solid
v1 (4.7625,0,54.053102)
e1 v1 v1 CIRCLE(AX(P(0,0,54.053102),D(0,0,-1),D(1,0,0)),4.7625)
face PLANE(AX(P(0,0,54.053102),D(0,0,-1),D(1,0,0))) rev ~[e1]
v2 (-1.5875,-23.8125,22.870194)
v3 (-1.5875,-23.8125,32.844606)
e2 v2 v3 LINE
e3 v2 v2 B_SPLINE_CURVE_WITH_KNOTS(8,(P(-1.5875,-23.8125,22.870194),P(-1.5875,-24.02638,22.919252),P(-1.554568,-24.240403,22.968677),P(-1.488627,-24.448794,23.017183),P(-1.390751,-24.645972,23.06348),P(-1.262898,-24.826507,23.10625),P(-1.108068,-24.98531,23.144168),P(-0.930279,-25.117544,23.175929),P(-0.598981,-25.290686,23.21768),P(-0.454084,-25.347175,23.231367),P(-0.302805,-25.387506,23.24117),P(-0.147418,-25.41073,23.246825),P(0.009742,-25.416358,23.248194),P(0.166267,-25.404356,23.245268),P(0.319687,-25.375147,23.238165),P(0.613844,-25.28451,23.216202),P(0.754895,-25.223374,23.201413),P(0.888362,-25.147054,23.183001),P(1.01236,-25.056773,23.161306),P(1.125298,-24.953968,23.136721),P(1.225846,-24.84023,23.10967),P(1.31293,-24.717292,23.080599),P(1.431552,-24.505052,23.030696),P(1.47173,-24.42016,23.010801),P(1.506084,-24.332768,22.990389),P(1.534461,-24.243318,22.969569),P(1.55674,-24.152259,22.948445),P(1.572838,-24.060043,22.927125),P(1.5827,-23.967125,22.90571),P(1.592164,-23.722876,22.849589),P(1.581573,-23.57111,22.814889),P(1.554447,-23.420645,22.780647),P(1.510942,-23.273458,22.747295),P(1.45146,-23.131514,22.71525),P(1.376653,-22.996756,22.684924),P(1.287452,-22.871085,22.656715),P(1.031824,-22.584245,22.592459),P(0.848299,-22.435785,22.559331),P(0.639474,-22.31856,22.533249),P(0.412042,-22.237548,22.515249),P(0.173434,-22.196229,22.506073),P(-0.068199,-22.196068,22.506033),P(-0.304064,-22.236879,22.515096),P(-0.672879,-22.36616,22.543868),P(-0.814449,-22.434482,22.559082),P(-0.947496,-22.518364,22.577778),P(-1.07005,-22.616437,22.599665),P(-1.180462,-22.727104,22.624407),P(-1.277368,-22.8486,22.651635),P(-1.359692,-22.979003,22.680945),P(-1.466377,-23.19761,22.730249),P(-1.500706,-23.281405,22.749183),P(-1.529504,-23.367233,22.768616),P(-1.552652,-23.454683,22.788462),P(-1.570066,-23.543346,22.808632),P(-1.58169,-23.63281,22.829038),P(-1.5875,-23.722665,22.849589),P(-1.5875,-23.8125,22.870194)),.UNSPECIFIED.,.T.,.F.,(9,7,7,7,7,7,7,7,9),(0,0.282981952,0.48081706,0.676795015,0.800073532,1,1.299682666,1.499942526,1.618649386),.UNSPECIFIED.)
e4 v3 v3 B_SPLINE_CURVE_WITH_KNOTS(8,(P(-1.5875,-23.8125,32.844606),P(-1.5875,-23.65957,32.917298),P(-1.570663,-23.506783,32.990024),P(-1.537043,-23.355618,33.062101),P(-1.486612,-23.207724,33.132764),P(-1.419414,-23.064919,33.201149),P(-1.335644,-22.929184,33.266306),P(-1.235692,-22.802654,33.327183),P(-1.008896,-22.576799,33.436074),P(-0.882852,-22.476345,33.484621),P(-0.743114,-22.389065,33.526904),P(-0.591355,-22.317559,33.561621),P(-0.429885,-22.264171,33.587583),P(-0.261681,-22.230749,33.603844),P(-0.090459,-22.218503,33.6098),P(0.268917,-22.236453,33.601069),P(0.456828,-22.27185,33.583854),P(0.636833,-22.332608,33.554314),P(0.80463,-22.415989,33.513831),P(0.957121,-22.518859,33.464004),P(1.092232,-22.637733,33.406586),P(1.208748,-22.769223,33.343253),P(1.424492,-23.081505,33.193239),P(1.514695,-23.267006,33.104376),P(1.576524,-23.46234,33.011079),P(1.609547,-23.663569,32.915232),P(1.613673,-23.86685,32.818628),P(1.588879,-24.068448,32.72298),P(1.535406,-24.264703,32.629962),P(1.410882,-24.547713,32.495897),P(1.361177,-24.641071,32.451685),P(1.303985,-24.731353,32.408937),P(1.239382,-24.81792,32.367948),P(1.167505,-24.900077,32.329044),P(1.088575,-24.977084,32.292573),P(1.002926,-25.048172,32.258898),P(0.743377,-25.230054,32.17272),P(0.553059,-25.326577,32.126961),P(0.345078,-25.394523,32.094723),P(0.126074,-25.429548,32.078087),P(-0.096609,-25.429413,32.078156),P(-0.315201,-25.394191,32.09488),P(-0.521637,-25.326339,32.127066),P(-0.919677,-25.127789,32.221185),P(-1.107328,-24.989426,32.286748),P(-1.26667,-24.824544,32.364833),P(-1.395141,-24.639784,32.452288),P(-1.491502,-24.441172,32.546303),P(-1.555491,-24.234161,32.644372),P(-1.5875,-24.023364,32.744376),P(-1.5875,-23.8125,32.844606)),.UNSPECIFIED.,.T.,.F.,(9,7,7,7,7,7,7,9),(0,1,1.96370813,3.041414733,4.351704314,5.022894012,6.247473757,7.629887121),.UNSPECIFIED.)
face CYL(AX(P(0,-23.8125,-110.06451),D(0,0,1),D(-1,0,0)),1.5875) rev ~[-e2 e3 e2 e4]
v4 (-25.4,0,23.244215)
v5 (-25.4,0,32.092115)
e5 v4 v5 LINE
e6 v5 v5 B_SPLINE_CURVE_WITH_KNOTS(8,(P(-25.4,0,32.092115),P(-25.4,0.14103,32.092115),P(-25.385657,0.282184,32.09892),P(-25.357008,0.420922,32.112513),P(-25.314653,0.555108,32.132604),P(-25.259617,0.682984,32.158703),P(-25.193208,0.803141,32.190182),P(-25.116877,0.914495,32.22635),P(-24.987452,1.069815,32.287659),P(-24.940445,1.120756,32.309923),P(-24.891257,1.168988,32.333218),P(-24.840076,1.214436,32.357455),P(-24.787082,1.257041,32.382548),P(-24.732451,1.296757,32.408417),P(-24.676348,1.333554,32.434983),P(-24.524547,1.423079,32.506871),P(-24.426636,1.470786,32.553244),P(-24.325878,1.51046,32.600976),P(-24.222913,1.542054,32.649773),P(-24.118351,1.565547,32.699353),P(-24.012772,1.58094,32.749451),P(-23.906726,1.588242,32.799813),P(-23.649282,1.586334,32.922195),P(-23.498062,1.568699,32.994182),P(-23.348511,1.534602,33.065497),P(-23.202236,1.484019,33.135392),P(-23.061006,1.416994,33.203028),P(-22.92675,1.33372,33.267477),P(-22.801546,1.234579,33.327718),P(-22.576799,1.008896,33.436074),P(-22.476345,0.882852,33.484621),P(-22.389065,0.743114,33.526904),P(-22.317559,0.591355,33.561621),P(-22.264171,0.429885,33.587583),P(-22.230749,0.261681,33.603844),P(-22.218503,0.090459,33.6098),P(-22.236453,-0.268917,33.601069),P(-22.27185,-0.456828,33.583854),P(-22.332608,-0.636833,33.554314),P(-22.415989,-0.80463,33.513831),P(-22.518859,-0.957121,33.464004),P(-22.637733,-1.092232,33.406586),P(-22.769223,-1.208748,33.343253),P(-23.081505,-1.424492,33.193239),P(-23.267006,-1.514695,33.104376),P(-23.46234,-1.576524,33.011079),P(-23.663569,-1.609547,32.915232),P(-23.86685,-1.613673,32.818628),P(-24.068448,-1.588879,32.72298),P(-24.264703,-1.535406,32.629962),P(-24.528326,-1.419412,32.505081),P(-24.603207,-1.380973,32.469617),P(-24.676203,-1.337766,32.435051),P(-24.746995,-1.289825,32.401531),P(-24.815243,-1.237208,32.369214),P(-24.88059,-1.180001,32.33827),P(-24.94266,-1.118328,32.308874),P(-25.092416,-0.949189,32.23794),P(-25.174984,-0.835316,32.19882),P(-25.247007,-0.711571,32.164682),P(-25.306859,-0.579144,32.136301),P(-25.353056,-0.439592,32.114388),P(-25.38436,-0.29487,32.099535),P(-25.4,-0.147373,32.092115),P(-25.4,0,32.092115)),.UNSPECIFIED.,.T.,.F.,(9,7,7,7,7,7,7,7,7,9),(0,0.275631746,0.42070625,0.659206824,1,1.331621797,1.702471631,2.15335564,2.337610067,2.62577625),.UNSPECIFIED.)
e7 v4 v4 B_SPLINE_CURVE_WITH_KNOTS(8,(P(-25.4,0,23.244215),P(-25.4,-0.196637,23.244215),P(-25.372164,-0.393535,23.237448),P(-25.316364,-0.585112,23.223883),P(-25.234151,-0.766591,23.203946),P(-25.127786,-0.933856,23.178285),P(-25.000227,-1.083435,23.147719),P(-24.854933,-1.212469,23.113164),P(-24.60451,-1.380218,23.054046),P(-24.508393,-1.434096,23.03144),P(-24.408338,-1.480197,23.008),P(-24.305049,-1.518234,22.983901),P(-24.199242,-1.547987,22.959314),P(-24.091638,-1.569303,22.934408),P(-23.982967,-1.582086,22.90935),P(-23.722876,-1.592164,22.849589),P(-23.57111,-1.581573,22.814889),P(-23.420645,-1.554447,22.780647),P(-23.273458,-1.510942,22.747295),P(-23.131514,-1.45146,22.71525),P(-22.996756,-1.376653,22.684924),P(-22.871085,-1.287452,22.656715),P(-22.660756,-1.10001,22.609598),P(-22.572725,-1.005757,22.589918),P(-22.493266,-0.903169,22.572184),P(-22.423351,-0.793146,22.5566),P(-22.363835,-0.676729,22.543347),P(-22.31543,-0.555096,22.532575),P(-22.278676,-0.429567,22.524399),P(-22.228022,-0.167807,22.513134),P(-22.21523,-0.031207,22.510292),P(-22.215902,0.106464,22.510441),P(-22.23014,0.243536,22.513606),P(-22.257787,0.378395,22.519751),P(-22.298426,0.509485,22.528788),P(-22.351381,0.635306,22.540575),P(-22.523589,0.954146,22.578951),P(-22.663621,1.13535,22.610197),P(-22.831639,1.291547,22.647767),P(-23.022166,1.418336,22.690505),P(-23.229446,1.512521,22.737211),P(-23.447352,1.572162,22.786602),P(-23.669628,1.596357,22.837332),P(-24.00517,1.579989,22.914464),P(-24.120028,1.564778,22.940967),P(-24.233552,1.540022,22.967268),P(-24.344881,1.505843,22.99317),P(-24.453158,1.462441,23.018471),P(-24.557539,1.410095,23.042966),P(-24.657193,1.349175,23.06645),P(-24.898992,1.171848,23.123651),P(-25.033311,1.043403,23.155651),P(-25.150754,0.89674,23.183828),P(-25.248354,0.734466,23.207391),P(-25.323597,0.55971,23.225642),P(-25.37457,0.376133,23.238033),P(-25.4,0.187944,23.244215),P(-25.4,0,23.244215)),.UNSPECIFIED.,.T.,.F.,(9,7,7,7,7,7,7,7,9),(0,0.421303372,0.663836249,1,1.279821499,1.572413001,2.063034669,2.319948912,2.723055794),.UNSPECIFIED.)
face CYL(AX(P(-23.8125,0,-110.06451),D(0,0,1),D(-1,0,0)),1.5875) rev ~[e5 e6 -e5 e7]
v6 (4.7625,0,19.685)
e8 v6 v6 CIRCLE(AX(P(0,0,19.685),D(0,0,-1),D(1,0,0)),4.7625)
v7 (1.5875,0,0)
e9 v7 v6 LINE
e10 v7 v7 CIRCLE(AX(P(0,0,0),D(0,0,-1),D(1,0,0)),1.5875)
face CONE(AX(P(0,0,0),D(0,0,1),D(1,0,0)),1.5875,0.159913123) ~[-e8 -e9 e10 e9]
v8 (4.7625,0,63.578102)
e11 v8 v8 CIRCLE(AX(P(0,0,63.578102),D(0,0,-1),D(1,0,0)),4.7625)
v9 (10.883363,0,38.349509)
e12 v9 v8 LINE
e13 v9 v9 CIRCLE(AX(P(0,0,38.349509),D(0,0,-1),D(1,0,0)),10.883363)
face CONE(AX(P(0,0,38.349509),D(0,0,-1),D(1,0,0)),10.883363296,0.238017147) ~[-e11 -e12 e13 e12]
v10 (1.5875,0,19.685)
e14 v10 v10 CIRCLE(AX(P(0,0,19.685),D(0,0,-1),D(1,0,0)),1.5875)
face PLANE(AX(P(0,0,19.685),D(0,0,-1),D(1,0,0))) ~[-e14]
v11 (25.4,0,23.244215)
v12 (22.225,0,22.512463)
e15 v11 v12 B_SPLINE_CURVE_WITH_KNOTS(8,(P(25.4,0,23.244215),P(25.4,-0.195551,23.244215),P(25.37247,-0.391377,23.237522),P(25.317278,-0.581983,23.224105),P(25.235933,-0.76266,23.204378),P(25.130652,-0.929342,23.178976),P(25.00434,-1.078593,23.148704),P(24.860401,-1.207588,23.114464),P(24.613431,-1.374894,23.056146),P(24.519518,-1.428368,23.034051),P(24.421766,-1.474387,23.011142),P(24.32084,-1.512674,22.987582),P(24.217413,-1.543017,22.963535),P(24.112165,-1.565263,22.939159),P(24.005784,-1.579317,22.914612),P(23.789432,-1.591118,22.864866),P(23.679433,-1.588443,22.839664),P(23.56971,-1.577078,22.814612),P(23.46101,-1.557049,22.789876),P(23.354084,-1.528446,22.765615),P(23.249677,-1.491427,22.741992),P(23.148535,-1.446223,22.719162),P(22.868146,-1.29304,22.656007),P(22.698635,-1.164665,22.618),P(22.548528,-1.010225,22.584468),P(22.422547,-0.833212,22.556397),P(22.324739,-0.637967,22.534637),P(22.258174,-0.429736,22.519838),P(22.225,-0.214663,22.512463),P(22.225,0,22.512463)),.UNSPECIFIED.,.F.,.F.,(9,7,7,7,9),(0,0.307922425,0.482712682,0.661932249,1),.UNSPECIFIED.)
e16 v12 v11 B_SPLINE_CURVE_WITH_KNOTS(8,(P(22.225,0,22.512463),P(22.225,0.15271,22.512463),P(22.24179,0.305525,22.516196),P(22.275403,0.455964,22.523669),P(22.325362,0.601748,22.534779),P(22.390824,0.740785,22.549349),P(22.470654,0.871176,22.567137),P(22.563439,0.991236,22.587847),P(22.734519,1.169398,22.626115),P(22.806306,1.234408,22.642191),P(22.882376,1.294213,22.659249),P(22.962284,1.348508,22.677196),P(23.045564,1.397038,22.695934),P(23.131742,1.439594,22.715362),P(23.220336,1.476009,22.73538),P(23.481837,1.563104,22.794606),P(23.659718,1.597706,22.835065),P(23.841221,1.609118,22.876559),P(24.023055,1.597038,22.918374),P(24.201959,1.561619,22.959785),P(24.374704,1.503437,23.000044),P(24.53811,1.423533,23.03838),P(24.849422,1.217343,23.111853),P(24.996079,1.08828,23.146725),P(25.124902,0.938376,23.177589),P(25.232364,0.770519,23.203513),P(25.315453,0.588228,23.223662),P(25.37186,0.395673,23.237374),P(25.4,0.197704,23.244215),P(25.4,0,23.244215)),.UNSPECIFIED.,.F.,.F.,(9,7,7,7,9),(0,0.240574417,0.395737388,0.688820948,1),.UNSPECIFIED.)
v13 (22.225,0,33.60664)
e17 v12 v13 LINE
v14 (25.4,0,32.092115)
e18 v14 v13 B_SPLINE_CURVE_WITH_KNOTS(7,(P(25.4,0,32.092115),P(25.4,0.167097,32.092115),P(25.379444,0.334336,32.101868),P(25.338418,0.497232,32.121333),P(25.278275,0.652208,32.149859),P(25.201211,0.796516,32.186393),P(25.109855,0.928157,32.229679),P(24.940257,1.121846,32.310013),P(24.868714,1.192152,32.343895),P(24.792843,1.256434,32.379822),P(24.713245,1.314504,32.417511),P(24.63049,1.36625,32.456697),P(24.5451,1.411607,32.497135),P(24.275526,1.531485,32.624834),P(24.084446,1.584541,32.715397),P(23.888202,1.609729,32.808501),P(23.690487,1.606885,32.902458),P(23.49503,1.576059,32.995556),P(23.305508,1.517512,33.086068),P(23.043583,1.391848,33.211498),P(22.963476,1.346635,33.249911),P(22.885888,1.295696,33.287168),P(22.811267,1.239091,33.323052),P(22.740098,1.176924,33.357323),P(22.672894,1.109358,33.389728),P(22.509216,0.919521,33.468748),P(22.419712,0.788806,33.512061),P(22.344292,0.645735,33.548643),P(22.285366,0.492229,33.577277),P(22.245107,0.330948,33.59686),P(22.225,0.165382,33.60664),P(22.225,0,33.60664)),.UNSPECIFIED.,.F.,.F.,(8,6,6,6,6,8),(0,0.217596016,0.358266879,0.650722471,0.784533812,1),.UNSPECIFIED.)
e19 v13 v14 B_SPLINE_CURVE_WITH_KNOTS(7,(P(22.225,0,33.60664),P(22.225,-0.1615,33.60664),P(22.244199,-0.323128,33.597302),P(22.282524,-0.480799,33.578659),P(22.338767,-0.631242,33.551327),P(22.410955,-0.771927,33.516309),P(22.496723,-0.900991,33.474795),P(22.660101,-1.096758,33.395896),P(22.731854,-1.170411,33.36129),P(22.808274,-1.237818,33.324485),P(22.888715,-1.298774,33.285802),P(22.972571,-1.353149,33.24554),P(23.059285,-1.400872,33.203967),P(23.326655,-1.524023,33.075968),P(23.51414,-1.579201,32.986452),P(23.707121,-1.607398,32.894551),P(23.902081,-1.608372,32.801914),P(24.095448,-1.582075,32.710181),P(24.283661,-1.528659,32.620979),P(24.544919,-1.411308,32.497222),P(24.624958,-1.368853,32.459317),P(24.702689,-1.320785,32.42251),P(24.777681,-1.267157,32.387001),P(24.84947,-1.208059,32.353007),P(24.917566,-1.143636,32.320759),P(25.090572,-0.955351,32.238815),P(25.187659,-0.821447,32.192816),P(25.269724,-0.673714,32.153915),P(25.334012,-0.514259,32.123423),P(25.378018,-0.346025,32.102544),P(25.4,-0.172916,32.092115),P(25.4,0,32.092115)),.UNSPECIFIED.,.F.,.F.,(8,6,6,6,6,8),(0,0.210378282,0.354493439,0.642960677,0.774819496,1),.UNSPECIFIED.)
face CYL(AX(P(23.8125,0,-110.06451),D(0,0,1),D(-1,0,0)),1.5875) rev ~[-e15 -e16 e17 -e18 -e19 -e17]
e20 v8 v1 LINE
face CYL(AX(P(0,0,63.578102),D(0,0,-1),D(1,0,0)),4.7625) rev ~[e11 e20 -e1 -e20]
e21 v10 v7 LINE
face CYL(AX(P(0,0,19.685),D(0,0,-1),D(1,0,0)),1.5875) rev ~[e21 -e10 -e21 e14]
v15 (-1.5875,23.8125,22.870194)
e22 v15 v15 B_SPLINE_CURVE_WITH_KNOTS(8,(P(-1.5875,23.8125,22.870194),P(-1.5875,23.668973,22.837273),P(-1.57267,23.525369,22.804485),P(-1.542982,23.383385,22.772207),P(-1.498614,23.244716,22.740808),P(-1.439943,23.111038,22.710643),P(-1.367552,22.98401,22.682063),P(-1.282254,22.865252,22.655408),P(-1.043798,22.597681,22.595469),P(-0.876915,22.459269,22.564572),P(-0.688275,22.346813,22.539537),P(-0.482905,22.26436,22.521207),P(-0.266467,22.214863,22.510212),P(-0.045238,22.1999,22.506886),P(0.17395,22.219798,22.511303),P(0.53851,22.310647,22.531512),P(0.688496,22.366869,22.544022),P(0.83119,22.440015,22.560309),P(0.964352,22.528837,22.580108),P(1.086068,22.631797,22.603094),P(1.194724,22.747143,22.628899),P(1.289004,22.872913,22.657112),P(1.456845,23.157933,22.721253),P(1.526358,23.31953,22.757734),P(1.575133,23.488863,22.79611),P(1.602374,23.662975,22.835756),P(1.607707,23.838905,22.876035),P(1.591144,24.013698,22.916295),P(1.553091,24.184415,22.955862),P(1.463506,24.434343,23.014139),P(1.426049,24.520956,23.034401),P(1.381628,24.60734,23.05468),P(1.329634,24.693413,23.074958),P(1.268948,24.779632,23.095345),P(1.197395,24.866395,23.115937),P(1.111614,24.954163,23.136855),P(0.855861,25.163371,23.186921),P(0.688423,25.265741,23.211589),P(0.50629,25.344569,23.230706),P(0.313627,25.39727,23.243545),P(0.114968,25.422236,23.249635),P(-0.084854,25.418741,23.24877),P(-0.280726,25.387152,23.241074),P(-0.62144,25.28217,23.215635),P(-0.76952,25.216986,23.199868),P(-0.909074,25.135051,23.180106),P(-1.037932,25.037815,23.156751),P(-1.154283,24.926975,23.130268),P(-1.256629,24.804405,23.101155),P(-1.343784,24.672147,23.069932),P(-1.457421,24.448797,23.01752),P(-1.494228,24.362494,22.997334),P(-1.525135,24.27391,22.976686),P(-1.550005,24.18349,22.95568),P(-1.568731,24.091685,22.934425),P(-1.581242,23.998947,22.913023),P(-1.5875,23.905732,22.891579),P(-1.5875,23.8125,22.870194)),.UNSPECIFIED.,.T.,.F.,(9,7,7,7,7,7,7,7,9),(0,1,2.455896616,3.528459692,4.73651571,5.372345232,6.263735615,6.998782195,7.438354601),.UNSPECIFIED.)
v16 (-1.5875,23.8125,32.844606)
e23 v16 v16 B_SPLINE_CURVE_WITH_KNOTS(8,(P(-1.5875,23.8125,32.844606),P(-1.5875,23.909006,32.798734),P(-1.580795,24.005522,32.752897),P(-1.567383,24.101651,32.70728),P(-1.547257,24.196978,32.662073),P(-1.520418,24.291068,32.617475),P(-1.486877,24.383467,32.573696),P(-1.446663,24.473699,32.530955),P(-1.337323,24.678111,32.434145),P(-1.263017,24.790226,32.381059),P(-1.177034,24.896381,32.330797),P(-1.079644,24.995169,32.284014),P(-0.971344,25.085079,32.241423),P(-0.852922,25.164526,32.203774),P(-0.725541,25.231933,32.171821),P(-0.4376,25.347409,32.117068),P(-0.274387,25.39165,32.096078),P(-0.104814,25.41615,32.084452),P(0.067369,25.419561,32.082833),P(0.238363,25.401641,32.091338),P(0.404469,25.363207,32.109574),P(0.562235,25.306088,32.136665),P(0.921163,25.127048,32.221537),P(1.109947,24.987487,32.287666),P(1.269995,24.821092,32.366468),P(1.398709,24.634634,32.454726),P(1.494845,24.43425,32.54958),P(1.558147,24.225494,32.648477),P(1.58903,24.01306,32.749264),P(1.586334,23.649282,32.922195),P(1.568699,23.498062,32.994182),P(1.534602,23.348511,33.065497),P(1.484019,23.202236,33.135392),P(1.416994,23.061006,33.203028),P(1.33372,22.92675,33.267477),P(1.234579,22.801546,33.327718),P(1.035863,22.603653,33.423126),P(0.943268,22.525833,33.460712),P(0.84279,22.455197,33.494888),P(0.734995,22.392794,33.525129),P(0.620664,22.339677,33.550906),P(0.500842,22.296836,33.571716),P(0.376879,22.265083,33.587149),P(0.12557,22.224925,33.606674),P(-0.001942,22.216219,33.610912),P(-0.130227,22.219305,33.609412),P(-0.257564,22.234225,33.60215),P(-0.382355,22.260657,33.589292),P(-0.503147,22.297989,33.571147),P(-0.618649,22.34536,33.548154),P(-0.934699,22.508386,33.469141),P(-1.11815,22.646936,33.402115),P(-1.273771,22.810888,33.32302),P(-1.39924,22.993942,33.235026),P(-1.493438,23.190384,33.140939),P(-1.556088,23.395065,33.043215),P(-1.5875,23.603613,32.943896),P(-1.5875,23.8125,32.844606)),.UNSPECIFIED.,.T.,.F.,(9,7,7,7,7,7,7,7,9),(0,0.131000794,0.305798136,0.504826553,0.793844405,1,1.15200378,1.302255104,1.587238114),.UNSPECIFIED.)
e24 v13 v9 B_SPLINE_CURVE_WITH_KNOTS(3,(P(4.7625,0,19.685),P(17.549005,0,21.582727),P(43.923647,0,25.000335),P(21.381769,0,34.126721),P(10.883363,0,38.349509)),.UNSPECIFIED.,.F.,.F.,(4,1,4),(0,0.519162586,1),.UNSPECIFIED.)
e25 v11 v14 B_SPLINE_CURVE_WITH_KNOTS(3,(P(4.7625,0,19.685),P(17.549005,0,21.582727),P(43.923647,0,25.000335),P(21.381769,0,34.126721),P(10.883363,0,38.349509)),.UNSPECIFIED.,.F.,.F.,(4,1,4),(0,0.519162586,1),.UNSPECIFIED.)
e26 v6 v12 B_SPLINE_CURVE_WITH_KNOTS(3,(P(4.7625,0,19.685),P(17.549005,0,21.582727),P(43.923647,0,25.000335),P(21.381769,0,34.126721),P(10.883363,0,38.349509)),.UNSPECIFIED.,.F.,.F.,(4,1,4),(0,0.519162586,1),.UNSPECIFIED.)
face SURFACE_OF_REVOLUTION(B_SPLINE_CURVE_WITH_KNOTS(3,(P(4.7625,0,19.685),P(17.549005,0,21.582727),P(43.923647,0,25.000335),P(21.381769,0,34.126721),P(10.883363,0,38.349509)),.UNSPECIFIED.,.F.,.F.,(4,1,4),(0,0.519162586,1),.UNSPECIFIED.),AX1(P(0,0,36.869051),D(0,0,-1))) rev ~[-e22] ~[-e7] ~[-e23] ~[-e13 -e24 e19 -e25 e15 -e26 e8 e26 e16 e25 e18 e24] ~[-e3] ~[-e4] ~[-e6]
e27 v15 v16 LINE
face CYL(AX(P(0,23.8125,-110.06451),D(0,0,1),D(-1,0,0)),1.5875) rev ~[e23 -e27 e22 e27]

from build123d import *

# Parameters (mm, degrees)
F3_D = 3.175


with BuildPart() as f1:
    # F0 (on Front) → F1 (revolve)
    with BuildSketch(Plane.XZ):
        with BuildLine():
            Line((0, 19.685), (1.5875, 19.685))
            Line((1.5875, 19.685), (1.5875, 0))
            Line((1.5875, 0), (4.7625, 19.685))
            add(Edge.make_bspline(
                [(4.7625, 19.685), (17.5490049273, 21.5827272744), (43.9236465459, 25.0003354487), (21.3817688144, 34.1267210228), (10.8833632964, 38.3495089923)],
                knots=[0, 0, 0, 0, 0.519162586, 1, 1, 1, 1], degree=3))
            Line((10.8833632964, 38.3495089923), (4.7625, 63.5781016886))
            Line((4.7625, 63.5781016886), (4.7625, 54.0531016886))
            Line((4.7625, 54.0531016886), (0, 54.0531016886))
            Line((0, 54.0531016886), (0, 19.685))
        make_face()
    revolve(axis=Axis((0, 0, 36.8690508443), (0, 0, -1)))

    # F3 (through all)
    with Locations(Plane(origin=(0, 0, 0), x_dir=(1, 0, 0), z_dir=(0, 0, -1))):
        with Locations((0, -23.8125), (23.8125, 0), (0, 23.8125), (-23.8125, 0)):
            Hole(F3_D / 2)


solid = f1.part
